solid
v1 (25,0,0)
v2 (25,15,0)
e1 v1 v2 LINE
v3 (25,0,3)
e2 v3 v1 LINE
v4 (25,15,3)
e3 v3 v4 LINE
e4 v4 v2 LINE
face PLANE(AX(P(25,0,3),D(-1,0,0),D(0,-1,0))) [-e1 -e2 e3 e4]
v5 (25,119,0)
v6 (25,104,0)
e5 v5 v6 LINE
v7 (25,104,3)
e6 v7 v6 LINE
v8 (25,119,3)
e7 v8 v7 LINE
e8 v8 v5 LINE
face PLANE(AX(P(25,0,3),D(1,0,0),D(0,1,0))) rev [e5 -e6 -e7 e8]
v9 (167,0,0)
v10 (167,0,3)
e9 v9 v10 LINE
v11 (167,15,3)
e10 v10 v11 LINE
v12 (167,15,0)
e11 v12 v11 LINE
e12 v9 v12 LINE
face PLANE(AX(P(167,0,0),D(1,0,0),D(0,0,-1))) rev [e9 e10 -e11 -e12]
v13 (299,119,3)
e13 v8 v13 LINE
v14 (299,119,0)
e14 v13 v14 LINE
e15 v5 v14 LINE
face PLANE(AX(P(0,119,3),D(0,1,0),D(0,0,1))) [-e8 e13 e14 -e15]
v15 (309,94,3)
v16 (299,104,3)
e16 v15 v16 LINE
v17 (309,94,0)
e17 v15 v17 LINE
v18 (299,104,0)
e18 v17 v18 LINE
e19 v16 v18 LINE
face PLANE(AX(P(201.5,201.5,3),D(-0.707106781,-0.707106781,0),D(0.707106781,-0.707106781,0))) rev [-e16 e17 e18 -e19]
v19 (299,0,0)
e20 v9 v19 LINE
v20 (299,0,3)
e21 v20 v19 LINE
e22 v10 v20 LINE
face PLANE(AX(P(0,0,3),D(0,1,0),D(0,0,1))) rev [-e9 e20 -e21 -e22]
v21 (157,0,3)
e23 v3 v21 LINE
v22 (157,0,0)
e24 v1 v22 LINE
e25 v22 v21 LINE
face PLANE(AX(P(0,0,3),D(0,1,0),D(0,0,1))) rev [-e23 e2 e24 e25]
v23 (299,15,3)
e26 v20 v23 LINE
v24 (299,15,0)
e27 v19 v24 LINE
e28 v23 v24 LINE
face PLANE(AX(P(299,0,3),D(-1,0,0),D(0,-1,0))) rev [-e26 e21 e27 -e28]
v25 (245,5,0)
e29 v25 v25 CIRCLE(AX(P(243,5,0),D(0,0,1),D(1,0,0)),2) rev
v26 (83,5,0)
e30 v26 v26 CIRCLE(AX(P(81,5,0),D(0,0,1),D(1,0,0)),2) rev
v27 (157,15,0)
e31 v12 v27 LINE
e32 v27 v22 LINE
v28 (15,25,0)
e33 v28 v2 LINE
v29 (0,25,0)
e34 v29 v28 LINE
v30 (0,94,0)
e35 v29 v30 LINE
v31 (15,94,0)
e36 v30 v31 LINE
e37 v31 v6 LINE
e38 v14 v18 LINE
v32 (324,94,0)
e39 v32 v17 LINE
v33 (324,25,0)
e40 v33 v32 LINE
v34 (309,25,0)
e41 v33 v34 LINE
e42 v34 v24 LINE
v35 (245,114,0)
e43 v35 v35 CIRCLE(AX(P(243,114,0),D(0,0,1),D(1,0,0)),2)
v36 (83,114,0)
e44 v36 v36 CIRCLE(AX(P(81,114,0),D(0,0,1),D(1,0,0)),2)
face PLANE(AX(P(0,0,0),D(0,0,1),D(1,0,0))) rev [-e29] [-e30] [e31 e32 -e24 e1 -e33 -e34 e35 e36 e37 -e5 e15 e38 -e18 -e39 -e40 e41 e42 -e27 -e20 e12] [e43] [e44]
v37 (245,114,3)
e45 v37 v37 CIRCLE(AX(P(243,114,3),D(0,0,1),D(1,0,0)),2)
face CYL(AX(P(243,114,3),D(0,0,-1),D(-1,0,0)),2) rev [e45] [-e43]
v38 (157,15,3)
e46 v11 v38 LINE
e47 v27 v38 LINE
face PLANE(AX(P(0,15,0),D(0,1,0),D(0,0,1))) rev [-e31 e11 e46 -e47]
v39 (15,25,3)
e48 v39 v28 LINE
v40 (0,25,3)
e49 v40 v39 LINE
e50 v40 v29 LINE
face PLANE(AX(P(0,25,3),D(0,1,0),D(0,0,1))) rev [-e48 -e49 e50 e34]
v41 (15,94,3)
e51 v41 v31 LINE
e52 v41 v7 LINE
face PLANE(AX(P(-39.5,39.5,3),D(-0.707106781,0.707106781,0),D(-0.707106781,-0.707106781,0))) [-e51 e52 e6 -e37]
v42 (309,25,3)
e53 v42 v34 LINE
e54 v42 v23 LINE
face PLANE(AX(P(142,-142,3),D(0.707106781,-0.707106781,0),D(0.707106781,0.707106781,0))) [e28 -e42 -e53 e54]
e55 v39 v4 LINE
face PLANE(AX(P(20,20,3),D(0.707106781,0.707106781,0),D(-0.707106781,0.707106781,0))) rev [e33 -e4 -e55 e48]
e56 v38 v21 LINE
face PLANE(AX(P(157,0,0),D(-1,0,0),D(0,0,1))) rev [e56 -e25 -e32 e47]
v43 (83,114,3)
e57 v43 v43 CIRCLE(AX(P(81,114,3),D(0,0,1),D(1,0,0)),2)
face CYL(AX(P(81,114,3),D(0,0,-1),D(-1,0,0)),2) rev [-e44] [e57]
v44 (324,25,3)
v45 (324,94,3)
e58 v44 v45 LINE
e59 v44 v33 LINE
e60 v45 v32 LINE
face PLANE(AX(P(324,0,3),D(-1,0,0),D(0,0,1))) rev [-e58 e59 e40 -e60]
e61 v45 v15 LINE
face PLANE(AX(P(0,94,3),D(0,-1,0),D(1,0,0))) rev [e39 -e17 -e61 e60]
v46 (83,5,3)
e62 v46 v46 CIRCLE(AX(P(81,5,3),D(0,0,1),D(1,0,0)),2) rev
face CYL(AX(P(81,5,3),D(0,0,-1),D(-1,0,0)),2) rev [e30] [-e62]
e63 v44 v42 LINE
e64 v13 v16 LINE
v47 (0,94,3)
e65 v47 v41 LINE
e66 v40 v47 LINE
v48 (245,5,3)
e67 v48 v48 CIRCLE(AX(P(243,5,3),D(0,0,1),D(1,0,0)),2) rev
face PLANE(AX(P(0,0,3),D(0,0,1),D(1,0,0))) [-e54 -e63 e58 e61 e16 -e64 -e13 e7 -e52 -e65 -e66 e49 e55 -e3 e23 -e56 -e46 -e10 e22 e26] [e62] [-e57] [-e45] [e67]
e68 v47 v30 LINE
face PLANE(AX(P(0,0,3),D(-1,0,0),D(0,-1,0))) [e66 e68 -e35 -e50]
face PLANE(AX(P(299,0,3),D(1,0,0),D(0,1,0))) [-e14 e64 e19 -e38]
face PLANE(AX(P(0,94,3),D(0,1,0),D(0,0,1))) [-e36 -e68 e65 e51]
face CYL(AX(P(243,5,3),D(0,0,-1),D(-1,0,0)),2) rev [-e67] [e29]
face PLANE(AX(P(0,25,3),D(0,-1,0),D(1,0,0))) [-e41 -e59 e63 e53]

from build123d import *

# Parameters (mm, degrees)
SKETCH2_R           = 2
BOSS_EXTRUDE1_DEPTH = 3
SKETCH3_W           = 5
SKETCH3_H           = 15
CUT_EXTRUDE1_DEPTH  = 3


with BuildPart() as part:
    # Sketch2 → Boss-Extrude1 (new body)
    with BuildSketch(Plane.XY):
        with BuildLine():
            Line((0, 94), (0, 59.5))
            Line((0, 59.5), (162, 59.5))
            Line((162, 59.5), (162, 114))
            Line((162, 114), (83, 114))
            ThreePointArc((83, 114), (81, 112), (79, 114))
            Line((79, 114), (25, 114))
            Line((25, 114), (25, 104))
            Line((25, 104), (15, 94))
            Line((15, 94), (0, 94))
        make_face()
        with BuildLine():
            Line((83, 114), (162, 114))
            Line((162, 114), (162, 119))
            Line((162, 119), (25, 119))
            Line((25, 119), (25, 114))
            Line((25, 114), (79, 114))
            ThreePointArc((79, 114), (81, 116), (83, 114))
        make_face()
        with BuildLine():
            Line((162, 119), (162, 114))
            Line((162, 114), (241, 114))
            ThreePointArc((241, 114), (243, 116), (245, 114))
            Line((245, 114), (299, 114))
            Line((299, 114), (299, 119))
            Line((299, 119), (162, 119))
        make_face()
        with BuildLine():
            Line((162, 114), (162, 59.5))
            Line((162, 59.5), (324, 59.5))
            Line((324, 59.5), (324, 94))
            Line((324, 94), (309, 94))
            Line((309, 94), (299, 104))
            Line((299, 104), (299, 114))
            Line((299, 114), (245, 114))
            ThreePointArc((245, 114), (243, 112), (241, 114))
            Line((241, 114), (162, 114))
        make_face()
        Polygon((162, 59.5), (162, 0), (299, 0), (299, 15), (309, 25), (324, 25), (324, 59.5), align=None)
        with Locations((243, 5)):
            Circle(SKETCH2_R, mode=Mode.SUBTRACT)
        Polygon((25, 15), (25, 0), (162, 0), (162, 59.5), (0, 59.5), (0, 25), (15, 25), align=None)
        with Locations((81, 5)):
            Circle(SKETCH2_R, mode=Mode.SUBTRACT)
    extrude(amount=BOSS_EXTRUDE1_DEPTH)

    # Sketch3 → Cut-Extrude1 (cut)
    with BuildSketch(Plane.XY.offset(3)):
        with Locations((159.5, 7.5)):
            Rectangle(SKETCH3_W, SKETCH3_H)
        with Locations((164.5, 7.5)):
            Rectangle(SKETCH3_W, SKETCH3_H)
    extrude(amount=-CUT_EXTRUDE1_DEPTH, mode=Mode.SUBTRACT)


solid = part.part
